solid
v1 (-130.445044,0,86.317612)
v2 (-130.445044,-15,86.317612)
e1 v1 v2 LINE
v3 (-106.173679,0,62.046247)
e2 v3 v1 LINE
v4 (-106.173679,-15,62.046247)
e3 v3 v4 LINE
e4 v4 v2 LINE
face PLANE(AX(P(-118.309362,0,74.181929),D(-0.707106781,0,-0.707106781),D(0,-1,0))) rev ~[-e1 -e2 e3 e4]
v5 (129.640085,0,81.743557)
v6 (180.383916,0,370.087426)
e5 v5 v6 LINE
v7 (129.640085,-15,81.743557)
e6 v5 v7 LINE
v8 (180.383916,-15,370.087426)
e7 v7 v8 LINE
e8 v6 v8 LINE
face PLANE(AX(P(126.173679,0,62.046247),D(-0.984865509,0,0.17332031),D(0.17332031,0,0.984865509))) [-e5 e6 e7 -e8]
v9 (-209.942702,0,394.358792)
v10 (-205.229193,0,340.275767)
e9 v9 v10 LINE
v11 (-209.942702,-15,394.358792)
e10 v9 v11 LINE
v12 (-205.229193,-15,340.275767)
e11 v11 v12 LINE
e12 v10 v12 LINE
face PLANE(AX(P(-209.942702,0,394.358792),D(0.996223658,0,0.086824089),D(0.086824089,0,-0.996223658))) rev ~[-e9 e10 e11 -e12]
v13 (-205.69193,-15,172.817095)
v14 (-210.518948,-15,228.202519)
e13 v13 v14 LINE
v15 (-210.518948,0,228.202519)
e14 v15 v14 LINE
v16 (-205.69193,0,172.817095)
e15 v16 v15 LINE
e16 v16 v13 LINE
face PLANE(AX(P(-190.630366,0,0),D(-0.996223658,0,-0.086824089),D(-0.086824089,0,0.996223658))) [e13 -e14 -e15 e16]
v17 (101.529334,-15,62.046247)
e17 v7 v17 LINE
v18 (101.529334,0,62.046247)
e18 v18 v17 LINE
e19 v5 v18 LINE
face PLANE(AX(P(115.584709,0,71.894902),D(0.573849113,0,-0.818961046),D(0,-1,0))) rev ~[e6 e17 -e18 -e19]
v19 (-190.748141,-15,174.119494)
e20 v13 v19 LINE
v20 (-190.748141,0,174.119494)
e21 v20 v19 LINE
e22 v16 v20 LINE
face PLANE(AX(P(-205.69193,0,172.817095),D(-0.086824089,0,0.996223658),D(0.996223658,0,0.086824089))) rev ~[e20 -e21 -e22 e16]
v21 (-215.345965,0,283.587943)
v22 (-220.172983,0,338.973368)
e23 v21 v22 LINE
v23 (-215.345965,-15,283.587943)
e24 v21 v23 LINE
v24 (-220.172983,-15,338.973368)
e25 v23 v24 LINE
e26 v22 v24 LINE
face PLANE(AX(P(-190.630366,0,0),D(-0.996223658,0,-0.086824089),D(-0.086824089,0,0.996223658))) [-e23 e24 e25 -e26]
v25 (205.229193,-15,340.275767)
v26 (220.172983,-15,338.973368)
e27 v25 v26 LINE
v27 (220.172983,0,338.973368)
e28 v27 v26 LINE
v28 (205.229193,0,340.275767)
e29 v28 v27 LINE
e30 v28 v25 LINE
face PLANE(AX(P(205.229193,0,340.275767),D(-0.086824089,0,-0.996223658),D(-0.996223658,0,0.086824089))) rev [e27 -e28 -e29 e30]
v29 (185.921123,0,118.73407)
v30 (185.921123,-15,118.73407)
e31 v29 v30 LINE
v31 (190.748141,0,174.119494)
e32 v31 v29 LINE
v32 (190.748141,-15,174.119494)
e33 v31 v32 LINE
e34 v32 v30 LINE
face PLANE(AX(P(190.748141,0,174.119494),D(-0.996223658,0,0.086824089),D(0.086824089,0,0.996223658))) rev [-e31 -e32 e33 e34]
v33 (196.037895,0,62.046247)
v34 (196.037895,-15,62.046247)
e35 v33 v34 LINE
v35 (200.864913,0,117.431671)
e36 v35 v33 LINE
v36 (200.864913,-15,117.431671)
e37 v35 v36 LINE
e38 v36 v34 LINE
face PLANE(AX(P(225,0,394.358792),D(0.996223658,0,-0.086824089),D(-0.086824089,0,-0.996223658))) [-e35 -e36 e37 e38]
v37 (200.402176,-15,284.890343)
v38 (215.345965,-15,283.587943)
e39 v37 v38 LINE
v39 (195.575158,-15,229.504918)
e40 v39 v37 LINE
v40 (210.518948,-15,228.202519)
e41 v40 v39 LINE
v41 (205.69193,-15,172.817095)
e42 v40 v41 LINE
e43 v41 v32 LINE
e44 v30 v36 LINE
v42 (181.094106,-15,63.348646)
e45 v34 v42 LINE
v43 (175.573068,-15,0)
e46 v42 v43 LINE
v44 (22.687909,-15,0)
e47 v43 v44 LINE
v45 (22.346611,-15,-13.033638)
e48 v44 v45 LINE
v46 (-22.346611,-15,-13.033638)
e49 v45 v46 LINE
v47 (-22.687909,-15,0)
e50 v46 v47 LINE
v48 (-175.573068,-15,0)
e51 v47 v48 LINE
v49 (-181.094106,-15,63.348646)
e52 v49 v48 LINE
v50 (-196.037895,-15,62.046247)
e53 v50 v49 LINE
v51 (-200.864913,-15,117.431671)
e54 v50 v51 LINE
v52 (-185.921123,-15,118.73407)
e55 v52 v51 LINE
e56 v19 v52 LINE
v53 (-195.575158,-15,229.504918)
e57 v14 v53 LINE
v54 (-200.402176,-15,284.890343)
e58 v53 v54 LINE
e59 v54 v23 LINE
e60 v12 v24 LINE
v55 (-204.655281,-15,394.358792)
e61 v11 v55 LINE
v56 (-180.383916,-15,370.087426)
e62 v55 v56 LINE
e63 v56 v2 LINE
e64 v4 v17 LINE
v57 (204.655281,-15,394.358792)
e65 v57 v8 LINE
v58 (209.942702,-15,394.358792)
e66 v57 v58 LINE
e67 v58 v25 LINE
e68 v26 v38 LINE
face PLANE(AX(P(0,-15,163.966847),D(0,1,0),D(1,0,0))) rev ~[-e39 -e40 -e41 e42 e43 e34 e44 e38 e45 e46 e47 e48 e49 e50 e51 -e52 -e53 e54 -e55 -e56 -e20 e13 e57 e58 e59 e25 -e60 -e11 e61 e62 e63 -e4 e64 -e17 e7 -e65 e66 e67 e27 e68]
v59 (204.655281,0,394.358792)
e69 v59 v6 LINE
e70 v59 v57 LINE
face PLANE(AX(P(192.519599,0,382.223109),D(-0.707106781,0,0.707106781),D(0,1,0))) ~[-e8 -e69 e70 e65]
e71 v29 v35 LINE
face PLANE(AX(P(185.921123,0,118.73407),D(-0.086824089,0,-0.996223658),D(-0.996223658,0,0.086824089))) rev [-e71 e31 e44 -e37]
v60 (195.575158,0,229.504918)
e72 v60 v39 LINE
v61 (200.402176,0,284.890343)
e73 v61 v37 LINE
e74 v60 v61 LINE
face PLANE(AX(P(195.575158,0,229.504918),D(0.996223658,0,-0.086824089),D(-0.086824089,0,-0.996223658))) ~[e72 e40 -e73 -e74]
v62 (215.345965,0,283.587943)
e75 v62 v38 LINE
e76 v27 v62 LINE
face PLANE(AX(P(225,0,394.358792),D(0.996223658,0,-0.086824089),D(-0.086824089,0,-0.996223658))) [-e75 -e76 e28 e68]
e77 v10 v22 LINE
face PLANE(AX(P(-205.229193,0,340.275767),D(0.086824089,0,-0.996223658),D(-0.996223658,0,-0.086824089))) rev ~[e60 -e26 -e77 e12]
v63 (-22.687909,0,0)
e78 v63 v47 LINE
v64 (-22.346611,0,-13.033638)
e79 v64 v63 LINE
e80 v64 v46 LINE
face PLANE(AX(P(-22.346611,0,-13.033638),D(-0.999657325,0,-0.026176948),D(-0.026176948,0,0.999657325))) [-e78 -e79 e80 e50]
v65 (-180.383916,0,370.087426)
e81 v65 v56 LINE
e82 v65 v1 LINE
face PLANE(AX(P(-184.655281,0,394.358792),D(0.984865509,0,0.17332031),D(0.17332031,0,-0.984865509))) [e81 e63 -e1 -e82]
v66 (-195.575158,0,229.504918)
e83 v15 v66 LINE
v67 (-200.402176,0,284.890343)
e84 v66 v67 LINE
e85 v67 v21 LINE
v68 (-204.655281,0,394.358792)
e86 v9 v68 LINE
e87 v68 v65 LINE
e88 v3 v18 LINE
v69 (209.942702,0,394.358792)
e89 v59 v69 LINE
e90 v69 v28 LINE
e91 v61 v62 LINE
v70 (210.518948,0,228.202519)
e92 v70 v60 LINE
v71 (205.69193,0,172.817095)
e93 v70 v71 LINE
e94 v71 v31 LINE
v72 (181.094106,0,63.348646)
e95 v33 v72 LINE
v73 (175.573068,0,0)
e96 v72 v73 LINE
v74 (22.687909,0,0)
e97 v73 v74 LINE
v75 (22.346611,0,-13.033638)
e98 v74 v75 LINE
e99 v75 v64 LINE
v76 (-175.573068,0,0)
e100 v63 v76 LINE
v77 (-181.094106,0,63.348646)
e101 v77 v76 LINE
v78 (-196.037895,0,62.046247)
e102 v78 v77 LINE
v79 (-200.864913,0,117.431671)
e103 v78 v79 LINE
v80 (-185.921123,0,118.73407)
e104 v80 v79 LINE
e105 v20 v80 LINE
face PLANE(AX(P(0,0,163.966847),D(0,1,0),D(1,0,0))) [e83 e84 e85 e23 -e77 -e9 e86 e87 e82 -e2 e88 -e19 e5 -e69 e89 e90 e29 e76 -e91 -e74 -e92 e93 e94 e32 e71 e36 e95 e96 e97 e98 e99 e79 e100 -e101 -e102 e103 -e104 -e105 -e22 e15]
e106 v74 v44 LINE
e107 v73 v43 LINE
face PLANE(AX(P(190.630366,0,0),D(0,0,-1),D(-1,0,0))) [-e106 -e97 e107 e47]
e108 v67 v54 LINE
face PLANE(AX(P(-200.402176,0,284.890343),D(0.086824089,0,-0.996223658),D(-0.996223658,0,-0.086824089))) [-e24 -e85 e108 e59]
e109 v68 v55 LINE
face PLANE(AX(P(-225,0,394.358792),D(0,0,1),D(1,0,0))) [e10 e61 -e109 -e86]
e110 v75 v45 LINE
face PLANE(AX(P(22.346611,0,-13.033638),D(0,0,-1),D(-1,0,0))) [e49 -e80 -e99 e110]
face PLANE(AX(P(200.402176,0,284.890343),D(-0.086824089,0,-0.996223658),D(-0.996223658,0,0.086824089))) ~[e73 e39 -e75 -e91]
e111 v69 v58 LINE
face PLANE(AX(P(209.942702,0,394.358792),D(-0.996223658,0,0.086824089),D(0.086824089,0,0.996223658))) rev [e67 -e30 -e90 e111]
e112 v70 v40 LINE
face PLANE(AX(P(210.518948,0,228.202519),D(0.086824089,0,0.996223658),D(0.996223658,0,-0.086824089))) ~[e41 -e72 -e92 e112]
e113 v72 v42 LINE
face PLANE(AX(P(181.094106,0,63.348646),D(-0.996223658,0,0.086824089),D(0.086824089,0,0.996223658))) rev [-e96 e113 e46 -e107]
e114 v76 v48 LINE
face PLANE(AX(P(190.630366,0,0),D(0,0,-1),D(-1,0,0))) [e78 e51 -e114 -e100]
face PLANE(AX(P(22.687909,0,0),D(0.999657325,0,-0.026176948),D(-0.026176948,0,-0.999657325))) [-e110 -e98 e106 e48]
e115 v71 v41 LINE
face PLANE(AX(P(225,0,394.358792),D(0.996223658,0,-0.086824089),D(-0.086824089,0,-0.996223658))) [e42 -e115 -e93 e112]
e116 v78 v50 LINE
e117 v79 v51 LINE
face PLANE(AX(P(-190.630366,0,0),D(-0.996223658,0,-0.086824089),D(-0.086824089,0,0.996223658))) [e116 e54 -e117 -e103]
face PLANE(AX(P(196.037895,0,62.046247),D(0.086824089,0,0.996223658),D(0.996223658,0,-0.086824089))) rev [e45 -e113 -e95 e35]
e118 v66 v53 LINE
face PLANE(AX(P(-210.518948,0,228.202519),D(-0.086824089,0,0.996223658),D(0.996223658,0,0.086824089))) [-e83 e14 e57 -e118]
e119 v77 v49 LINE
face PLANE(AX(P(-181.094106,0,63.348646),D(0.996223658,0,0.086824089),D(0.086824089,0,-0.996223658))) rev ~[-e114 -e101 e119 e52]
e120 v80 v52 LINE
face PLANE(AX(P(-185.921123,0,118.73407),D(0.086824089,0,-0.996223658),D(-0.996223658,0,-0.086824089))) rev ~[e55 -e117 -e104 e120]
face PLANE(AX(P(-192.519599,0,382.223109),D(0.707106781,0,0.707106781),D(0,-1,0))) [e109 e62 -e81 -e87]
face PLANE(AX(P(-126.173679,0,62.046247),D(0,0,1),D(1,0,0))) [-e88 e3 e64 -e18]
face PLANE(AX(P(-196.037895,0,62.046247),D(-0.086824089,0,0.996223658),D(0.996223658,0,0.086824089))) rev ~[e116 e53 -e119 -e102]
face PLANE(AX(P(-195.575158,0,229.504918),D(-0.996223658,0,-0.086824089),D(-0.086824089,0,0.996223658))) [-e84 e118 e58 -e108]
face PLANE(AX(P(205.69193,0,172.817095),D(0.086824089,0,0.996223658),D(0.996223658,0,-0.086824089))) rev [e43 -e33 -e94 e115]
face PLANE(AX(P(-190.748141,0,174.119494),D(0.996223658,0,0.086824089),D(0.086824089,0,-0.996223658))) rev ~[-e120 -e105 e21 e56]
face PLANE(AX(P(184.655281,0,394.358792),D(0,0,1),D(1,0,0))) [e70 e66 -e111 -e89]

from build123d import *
from OCP.BRepFilletAPI import BRepFilletAPI_MakeChamfer

# Parameters (mm, degrees)
BOSS_EXTRUDE1_DEPTH = 15
CHAMFER1_SIZE       = 20
CHAMFER1_SIZE2      = 24.644345169
CHAMFER2_SIZE       = 20
CHAMFER2_SIZE2      = 24.644345169
CUT_EXTRUDE1_DEPTH  = 455.278391079
BOSS_EXTRUDE2_DEPTH = 15


with BuildPart() as part:
    # Sketch2 → Boss-Extrude1 (new body)
    with BuildSketch(Plane(origin=(0, 0, 0), x_dir=(1, 0, 0), z_dir=(0, 1, 0))):
        Polygon((-190.630365757, 0), (-225, -394.358791714), (-184.655281407, -394.358791714), (-126.173678801, -62.046246538), (126.173678801, -62.046246538), (184.655281407, -394.358791714), (225, -394.358791714), (190.630365757, 0), align=None)
    extrude(amount=-BOSS_EXTRUDE1_DEPTH)

    # Chamfer1: one chamfer whose edges measure the first distance from different faces: ONE call of the kernel's chamfer builder (chamfer() names one face for all edges)
    chamfer1_edges_1 = [part.edges().sort_by_distance(p)[0] for p in [
        (184.655281407, -7.5, 394.358791714),
    ]]
    chamfer1_side_1 = [part.faces().sort_by_distance(p)[0] for p in [
        (204.827640703, -7.5, 394.358791714),
    ]]
    chamfer1_edges_2 = [part.edges().sort_by_distance(p)[0] for p in [
        (-184.655281407, -7.5, 394.358791714),
    ]]
    chamfer1_side_2 = [part.faces().sort_by_distance(p)[0] for p in [
        (-204.827640703, -7.5, 394.358791714),
    ]]
    chamfer1 = BRepFilletAPI_MakeChamfer(part.part.solid().wrapped)
    for e in chamfer1_edges_1:
        chamfer1.Add(CHAMFER1_SIZE, CHAMFER1_SIZE2, e.wrapped, chamfer1_side_1[0].wrapped)  # the first distance lies on this face
    for e in chamfer1_edges_2:
        chamfer1.Add(CHAMFER1_SIZE, CHAMFER1_SIZE2, e.wrapped, chamfer1_side_2[0].wrapped)  # the first distance lies on this face
    add(Compound.cast(chamfer1.Shape()), mode=Mode.REPLACE)

    # Chamfer2: one chamfer whose edges measure the first distance from different faces: ONE call of the kernel's chamfer builder (chamfer() names one face for all edges)
    chamfer2_edges_1 = [part.edges().sort_by_distance(p)[0] for p in [
        (126.173678801, -7.5, 62.046246538),
    ]]
    chamfer2_side_1 = [part.faces().sort_by_distance(p)[0] for p in [
        (153.278797334, -7.5, 216.066836355),
    ]]
    chamfer2_edges_2 = [part.edges().sort_by_distance(p)[0] for p in [
        (-126.173678801, -7.5, 62.046246538),
    ]]
    chamfer2_side_2 = [part.faces().sort_by_distance(p)[0] for p in [
        (0, -7.5, 62.046246538),
    ]]
    chamfer2 = BRepFilletAPI_MakeChamfer(part.part.solid().wrapped)
    for e in chamfer2_edges_1:
        chamfer2.Add(CHAMFER2_SIZE, CHAMFER2_SIZE2, e.wrapped, chamfer2_side_1[0].wrapped)  # the first distance lies on this face
    for e in chamfer2_edges_2:
        chamfer2.Add(CHAMFER2_SIZE, CHAMFER2_SIZE2, e.wrapped, chamfer2_side_2[0].wrapped)  # the first distance lies on this face
    add(Compound.cast(chamfer2.Shape()), mode=Mode.REPLACE)

    # Sketch3 → Cut-Extrude1 (cut, through all)
    with BuildSketch(Plane(origin=(0, 0, 0), x_dir=(1, 0, 0), z_dir=(0, 1, 0))):
        Polygon((-196.037895257, -62.046246538), (-181.094105963, -63.348645731), (-175.573068194, 0), (-190.630365757, 0), align=None)
        Polygon((-210.518947628, -228.202519126), (-195.575158335, -229.504918319), (-200.402175792, -284.890342515), (-215.345965086, -283.587943322), align=None)
        Polygon((-220.172982543, -338.973367518), (-225, -394.358791714), (-209.942702437, -394.358791714), (-205.229193249, -340.275766711), align=None)
        Polygon((-200.864912714, -117.431670734), (-205.691930171, -172.81709493), (-190.748140877, -174.119494123), (-185.92112342, -118.734069927), align=None)
    cut_extrude1 = extrude(amount=-CUT_EXTRUDE1_DEPTH, mode=Mode.SUBTRACT)

    # Mirror1: Cut-Extrude1 across plane
    add(cut_extrude1.mirror(Plane(origin=(0, 0, 0), x_dir=(0, 0, 1), z_dir=(1, 0, 0))), mode=Mode.SUBTRACT)

    # Sketch5 → Boss-Extrude2 (add)
    with BuildSketch(Plane(origin=(0, 0, 0), x_dir=(1, 0, 0), z_dir=(0, 1, 0))):
        Polygon((-22.687908556, 0), (22.687908556, 0), (22.346610744, 13.033637599), (-22.346610744, 13.033637599), align=None)
    extrude(amount=-BOSS_EXTRUDE2_DEPTH)


solid = part.part
